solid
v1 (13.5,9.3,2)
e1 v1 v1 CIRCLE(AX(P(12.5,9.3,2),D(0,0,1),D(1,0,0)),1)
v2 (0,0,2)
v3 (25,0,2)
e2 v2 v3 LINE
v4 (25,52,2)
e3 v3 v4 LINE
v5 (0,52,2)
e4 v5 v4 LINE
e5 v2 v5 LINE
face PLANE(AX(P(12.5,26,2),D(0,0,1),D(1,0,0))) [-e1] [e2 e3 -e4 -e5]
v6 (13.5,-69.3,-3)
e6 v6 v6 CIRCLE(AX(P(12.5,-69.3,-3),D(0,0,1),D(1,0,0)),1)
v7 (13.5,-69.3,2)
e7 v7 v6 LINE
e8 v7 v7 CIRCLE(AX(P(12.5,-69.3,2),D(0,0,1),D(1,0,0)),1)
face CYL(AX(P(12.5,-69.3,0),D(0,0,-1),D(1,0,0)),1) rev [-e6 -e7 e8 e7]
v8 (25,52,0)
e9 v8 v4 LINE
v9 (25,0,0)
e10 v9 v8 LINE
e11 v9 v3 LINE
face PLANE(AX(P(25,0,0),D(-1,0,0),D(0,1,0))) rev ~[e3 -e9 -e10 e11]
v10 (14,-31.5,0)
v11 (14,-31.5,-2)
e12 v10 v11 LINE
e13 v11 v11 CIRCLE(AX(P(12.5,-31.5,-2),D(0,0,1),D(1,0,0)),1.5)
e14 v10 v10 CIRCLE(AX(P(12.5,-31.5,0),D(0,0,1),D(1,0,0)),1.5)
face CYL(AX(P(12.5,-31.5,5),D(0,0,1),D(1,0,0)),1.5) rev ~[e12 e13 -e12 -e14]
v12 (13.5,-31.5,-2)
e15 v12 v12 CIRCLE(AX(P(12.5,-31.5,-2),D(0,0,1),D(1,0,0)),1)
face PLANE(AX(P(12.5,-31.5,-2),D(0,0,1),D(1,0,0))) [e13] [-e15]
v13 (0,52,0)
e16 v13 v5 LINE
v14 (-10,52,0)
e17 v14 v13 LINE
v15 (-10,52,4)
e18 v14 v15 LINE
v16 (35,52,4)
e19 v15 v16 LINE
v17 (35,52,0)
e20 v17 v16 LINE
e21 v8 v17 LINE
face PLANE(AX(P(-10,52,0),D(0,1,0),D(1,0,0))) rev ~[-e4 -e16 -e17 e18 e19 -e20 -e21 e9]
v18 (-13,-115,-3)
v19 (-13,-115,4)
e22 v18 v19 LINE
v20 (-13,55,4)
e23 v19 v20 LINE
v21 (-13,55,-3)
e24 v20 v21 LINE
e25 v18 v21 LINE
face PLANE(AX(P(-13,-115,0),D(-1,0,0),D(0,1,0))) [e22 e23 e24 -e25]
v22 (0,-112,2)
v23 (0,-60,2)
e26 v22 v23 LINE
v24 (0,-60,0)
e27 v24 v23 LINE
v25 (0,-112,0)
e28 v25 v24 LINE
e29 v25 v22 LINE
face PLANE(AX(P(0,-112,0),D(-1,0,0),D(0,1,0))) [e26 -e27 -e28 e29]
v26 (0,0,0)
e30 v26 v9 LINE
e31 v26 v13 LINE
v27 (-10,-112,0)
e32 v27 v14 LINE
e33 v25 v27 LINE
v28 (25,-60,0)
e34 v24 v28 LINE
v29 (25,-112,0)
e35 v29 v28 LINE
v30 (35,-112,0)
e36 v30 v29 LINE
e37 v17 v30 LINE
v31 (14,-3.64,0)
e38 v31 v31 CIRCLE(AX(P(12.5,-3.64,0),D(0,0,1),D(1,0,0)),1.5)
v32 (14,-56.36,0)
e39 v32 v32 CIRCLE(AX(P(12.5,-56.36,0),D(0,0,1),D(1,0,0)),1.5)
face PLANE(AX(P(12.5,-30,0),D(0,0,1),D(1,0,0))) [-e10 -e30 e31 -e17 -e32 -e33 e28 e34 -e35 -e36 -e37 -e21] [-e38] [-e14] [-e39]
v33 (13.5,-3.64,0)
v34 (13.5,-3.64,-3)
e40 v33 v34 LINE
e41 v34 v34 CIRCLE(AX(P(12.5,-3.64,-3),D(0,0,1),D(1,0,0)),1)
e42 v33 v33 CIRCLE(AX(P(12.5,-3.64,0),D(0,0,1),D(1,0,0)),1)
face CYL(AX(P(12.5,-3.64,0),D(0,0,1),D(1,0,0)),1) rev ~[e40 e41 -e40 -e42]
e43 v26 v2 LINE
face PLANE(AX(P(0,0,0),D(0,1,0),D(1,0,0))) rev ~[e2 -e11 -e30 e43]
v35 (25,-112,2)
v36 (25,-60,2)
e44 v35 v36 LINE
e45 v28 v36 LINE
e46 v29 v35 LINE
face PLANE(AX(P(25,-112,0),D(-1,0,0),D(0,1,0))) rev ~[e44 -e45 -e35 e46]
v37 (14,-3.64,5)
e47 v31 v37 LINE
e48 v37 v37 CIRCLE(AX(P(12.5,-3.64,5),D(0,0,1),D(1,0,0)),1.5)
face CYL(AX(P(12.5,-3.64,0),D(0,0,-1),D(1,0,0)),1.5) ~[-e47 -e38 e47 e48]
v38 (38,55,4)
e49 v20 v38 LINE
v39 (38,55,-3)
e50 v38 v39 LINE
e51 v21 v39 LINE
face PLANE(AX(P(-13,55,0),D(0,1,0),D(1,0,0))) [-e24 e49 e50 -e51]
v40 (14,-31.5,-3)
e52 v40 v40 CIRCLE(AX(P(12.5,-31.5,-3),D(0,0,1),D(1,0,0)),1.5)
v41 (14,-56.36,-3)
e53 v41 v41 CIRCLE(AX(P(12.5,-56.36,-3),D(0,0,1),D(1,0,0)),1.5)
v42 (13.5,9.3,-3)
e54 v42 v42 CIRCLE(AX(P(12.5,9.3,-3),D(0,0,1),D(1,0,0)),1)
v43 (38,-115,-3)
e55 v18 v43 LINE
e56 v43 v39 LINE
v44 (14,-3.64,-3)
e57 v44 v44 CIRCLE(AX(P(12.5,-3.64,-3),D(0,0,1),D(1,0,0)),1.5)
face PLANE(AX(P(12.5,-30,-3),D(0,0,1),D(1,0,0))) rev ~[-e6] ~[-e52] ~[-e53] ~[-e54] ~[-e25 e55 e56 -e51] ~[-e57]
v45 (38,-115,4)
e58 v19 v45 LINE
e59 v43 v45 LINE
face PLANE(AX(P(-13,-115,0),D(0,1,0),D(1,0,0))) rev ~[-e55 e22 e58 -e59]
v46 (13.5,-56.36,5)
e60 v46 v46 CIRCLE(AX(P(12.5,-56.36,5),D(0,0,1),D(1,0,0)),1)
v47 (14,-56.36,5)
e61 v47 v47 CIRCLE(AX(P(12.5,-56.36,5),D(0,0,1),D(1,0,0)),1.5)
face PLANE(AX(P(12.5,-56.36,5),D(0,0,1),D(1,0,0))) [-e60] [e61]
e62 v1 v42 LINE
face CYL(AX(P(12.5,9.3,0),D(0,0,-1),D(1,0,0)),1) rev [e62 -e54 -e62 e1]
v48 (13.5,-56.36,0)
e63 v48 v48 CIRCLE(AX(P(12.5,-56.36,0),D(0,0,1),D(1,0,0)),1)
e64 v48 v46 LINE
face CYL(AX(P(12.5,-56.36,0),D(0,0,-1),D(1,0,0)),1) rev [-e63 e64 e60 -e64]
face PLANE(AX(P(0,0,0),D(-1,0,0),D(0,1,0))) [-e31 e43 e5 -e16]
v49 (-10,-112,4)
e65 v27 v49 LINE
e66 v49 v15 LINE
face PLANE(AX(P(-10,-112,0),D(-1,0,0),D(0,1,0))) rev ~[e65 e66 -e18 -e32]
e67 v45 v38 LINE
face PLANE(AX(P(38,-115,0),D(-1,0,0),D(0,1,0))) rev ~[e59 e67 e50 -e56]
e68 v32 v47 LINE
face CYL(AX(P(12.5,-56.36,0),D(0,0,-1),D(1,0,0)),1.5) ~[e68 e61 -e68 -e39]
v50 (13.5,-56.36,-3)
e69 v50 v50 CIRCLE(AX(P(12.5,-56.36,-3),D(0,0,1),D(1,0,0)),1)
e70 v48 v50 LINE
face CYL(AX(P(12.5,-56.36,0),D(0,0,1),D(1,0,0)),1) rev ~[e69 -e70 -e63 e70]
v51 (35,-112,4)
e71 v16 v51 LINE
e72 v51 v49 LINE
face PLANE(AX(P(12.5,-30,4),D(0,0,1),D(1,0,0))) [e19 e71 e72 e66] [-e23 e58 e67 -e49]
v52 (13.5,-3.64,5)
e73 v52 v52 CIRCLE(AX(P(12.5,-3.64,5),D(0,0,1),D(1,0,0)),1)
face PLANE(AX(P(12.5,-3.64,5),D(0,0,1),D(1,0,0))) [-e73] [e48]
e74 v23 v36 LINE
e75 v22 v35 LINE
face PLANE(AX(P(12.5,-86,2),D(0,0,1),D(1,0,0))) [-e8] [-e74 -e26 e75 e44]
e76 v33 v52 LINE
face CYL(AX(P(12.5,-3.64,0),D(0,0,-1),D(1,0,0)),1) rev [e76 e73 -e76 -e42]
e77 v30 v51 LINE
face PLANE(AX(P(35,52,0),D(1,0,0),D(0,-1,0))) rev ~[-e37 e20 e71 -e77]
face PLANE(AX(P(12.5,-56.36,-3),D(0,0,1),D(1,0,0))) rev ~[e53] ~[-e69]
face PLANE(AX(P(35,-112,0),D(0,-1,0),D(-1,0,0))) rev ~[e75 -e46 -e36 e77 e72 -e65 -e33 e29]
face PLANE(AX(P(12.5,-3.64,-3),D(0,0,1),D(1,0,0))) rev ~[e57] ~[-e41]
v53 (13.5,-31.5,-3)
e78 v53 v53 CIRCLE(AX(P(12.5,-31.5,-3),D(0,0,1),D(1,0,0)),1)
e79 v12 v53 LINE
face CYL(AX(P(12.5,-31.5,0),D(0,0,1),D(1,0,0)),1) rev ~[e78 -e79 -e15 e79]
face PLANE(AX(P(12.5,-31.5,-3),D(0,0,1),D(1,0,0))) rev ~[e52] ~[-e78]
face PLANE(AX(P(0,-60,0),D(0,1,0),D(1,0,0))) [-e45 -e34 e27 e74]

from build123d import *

# Parameters (mm, degrees)
F0_W          = 25
F0_H          = 52
F0_R          = 1
F1_DEPTH      = 2
F0_W_2        = 51
F0_H_2        = 170
F0_R_2        = 1.5
F2_DEPTH      = 3
F3_W          = 51
F3_H          = 170
F4_DEPTH      = 4
F5_R          = 1.5
F5_R_2        = 1
F6_DEPTH      = 5
F6_DEPTH_BACK = 3
F7_R          = 1.5
F7_R_2        = 1
F8_DEPTH      = 7


with BuildPart() as f1:
    # F0 (on Top) → F1 (new body)
    with BuildSketch(Plane.XY):
        with Locations((12.5, -86)):
            Rectangle(F0_W, F0_H)
        with Locations((12.5, -69.3)):
            Circle(F0_R, mode=Mode.SUBTRACT)
        with Locations((12.5, 26)):
            Rectangle(F0_W, F0_H)
        with Locations((12.5, 9.3)):
            Circle(F0_R, mode=Mode.SUBTRACT)
    extrude(amount=F1_DEPTH)

    # F0 (on Top) → F2 (join)
    with BuildSketch(Plane.XY):
        with Locations((12.5, -30)):
            Rectangle(F0_W_2, F0_H_2)
        with Locations((12.5, -86)):
            Rectangle(F0_W, F0_H, mode=Mode.SUBTRACT)
        with Locations((12.5, -56.36)):
            Circle(F0_R_2, mode=Mode.SUBTRACT)
        with Locations((12.5, -31.5)):
            Circle(F0_R_2, mode=Mode.SUBTRACT)
        with Locations((12.5, -3.64)):
            Circle(F0_R_2, mode=Mode.SUBTRACT)
        with Locations((12.5, 26)):
            Rectangle(F0_W, F0_H, mode=Mode.SUBTRACT)
        with Locations((12.5, -86)):
            Rectangle(F0_W, F0_H)
        with Locations((12.5, -69.3)):
            Circle(F0_R, mode=Mode.SUBTRACT)
        with Locations((12.5, 26)):
            Rectangle(F0_W, F0_H)
        with Locations((12.5, 9.3)):
            Circle(F0_R, mode=Mode.SUBTRACT)
    extrude(amount=-F2_DEPTH)

    # F3 (on face) → F4 (join)
    with BuildSketch(Plane.XY):
        with Locations((12.5, -30)):
            Rectangle(F3_W, F3_H)
        Polygon((-10, -112), (-10, 52), (0, 52), (25, 52), (35, 52), (35, -112), (25, -112), (0, -112), align=None, mode=Mode.SUBTRACT)
    extrude(amount=F4_DEPTH)

    # F5 (on face) → F6 (join, two sides)
    with BuildSketch(Plane.XY) as f6_sk:
        with Locations((12.5, -3.64)):
            Circle(F5_R)
        with Locations((12.5, -3.64)):
            Circle(F5_R_2, mode=Mode.SUBTRACT)
        with Locations((12.5, -31.5)):
            Circle(F5_R)
        with Locations((12.5, -31.5)):
            Circle(F5_R_2, mode=Mode.SUBTRACT)
        with Locations((12.5, -56.36)):
            Circle(F5_R)
        with Locations((12.5, -56.36)):
            Circle(F5_R_2, mode=Mode.SUBTRACT)
    extrude(amount=F6_DEPTH)
    extrude(f6_sk.sketch, amount=-F6_DEPTH_BACK)

    # F7 (on face) → F8 (cut)
    with BuildSketch(Plane.XY.offset(5)):
        with Locations((12.5, -31.5)):
            Circle(F7_R)
        with Locations((12.5, -31.5)):
            Circle(F7_R_2, mode=Mode.SUBTRACT)
    extrude(amount=-F8_DEPTH, mode=Mode.SUBTRACT)


solid = f1.part
